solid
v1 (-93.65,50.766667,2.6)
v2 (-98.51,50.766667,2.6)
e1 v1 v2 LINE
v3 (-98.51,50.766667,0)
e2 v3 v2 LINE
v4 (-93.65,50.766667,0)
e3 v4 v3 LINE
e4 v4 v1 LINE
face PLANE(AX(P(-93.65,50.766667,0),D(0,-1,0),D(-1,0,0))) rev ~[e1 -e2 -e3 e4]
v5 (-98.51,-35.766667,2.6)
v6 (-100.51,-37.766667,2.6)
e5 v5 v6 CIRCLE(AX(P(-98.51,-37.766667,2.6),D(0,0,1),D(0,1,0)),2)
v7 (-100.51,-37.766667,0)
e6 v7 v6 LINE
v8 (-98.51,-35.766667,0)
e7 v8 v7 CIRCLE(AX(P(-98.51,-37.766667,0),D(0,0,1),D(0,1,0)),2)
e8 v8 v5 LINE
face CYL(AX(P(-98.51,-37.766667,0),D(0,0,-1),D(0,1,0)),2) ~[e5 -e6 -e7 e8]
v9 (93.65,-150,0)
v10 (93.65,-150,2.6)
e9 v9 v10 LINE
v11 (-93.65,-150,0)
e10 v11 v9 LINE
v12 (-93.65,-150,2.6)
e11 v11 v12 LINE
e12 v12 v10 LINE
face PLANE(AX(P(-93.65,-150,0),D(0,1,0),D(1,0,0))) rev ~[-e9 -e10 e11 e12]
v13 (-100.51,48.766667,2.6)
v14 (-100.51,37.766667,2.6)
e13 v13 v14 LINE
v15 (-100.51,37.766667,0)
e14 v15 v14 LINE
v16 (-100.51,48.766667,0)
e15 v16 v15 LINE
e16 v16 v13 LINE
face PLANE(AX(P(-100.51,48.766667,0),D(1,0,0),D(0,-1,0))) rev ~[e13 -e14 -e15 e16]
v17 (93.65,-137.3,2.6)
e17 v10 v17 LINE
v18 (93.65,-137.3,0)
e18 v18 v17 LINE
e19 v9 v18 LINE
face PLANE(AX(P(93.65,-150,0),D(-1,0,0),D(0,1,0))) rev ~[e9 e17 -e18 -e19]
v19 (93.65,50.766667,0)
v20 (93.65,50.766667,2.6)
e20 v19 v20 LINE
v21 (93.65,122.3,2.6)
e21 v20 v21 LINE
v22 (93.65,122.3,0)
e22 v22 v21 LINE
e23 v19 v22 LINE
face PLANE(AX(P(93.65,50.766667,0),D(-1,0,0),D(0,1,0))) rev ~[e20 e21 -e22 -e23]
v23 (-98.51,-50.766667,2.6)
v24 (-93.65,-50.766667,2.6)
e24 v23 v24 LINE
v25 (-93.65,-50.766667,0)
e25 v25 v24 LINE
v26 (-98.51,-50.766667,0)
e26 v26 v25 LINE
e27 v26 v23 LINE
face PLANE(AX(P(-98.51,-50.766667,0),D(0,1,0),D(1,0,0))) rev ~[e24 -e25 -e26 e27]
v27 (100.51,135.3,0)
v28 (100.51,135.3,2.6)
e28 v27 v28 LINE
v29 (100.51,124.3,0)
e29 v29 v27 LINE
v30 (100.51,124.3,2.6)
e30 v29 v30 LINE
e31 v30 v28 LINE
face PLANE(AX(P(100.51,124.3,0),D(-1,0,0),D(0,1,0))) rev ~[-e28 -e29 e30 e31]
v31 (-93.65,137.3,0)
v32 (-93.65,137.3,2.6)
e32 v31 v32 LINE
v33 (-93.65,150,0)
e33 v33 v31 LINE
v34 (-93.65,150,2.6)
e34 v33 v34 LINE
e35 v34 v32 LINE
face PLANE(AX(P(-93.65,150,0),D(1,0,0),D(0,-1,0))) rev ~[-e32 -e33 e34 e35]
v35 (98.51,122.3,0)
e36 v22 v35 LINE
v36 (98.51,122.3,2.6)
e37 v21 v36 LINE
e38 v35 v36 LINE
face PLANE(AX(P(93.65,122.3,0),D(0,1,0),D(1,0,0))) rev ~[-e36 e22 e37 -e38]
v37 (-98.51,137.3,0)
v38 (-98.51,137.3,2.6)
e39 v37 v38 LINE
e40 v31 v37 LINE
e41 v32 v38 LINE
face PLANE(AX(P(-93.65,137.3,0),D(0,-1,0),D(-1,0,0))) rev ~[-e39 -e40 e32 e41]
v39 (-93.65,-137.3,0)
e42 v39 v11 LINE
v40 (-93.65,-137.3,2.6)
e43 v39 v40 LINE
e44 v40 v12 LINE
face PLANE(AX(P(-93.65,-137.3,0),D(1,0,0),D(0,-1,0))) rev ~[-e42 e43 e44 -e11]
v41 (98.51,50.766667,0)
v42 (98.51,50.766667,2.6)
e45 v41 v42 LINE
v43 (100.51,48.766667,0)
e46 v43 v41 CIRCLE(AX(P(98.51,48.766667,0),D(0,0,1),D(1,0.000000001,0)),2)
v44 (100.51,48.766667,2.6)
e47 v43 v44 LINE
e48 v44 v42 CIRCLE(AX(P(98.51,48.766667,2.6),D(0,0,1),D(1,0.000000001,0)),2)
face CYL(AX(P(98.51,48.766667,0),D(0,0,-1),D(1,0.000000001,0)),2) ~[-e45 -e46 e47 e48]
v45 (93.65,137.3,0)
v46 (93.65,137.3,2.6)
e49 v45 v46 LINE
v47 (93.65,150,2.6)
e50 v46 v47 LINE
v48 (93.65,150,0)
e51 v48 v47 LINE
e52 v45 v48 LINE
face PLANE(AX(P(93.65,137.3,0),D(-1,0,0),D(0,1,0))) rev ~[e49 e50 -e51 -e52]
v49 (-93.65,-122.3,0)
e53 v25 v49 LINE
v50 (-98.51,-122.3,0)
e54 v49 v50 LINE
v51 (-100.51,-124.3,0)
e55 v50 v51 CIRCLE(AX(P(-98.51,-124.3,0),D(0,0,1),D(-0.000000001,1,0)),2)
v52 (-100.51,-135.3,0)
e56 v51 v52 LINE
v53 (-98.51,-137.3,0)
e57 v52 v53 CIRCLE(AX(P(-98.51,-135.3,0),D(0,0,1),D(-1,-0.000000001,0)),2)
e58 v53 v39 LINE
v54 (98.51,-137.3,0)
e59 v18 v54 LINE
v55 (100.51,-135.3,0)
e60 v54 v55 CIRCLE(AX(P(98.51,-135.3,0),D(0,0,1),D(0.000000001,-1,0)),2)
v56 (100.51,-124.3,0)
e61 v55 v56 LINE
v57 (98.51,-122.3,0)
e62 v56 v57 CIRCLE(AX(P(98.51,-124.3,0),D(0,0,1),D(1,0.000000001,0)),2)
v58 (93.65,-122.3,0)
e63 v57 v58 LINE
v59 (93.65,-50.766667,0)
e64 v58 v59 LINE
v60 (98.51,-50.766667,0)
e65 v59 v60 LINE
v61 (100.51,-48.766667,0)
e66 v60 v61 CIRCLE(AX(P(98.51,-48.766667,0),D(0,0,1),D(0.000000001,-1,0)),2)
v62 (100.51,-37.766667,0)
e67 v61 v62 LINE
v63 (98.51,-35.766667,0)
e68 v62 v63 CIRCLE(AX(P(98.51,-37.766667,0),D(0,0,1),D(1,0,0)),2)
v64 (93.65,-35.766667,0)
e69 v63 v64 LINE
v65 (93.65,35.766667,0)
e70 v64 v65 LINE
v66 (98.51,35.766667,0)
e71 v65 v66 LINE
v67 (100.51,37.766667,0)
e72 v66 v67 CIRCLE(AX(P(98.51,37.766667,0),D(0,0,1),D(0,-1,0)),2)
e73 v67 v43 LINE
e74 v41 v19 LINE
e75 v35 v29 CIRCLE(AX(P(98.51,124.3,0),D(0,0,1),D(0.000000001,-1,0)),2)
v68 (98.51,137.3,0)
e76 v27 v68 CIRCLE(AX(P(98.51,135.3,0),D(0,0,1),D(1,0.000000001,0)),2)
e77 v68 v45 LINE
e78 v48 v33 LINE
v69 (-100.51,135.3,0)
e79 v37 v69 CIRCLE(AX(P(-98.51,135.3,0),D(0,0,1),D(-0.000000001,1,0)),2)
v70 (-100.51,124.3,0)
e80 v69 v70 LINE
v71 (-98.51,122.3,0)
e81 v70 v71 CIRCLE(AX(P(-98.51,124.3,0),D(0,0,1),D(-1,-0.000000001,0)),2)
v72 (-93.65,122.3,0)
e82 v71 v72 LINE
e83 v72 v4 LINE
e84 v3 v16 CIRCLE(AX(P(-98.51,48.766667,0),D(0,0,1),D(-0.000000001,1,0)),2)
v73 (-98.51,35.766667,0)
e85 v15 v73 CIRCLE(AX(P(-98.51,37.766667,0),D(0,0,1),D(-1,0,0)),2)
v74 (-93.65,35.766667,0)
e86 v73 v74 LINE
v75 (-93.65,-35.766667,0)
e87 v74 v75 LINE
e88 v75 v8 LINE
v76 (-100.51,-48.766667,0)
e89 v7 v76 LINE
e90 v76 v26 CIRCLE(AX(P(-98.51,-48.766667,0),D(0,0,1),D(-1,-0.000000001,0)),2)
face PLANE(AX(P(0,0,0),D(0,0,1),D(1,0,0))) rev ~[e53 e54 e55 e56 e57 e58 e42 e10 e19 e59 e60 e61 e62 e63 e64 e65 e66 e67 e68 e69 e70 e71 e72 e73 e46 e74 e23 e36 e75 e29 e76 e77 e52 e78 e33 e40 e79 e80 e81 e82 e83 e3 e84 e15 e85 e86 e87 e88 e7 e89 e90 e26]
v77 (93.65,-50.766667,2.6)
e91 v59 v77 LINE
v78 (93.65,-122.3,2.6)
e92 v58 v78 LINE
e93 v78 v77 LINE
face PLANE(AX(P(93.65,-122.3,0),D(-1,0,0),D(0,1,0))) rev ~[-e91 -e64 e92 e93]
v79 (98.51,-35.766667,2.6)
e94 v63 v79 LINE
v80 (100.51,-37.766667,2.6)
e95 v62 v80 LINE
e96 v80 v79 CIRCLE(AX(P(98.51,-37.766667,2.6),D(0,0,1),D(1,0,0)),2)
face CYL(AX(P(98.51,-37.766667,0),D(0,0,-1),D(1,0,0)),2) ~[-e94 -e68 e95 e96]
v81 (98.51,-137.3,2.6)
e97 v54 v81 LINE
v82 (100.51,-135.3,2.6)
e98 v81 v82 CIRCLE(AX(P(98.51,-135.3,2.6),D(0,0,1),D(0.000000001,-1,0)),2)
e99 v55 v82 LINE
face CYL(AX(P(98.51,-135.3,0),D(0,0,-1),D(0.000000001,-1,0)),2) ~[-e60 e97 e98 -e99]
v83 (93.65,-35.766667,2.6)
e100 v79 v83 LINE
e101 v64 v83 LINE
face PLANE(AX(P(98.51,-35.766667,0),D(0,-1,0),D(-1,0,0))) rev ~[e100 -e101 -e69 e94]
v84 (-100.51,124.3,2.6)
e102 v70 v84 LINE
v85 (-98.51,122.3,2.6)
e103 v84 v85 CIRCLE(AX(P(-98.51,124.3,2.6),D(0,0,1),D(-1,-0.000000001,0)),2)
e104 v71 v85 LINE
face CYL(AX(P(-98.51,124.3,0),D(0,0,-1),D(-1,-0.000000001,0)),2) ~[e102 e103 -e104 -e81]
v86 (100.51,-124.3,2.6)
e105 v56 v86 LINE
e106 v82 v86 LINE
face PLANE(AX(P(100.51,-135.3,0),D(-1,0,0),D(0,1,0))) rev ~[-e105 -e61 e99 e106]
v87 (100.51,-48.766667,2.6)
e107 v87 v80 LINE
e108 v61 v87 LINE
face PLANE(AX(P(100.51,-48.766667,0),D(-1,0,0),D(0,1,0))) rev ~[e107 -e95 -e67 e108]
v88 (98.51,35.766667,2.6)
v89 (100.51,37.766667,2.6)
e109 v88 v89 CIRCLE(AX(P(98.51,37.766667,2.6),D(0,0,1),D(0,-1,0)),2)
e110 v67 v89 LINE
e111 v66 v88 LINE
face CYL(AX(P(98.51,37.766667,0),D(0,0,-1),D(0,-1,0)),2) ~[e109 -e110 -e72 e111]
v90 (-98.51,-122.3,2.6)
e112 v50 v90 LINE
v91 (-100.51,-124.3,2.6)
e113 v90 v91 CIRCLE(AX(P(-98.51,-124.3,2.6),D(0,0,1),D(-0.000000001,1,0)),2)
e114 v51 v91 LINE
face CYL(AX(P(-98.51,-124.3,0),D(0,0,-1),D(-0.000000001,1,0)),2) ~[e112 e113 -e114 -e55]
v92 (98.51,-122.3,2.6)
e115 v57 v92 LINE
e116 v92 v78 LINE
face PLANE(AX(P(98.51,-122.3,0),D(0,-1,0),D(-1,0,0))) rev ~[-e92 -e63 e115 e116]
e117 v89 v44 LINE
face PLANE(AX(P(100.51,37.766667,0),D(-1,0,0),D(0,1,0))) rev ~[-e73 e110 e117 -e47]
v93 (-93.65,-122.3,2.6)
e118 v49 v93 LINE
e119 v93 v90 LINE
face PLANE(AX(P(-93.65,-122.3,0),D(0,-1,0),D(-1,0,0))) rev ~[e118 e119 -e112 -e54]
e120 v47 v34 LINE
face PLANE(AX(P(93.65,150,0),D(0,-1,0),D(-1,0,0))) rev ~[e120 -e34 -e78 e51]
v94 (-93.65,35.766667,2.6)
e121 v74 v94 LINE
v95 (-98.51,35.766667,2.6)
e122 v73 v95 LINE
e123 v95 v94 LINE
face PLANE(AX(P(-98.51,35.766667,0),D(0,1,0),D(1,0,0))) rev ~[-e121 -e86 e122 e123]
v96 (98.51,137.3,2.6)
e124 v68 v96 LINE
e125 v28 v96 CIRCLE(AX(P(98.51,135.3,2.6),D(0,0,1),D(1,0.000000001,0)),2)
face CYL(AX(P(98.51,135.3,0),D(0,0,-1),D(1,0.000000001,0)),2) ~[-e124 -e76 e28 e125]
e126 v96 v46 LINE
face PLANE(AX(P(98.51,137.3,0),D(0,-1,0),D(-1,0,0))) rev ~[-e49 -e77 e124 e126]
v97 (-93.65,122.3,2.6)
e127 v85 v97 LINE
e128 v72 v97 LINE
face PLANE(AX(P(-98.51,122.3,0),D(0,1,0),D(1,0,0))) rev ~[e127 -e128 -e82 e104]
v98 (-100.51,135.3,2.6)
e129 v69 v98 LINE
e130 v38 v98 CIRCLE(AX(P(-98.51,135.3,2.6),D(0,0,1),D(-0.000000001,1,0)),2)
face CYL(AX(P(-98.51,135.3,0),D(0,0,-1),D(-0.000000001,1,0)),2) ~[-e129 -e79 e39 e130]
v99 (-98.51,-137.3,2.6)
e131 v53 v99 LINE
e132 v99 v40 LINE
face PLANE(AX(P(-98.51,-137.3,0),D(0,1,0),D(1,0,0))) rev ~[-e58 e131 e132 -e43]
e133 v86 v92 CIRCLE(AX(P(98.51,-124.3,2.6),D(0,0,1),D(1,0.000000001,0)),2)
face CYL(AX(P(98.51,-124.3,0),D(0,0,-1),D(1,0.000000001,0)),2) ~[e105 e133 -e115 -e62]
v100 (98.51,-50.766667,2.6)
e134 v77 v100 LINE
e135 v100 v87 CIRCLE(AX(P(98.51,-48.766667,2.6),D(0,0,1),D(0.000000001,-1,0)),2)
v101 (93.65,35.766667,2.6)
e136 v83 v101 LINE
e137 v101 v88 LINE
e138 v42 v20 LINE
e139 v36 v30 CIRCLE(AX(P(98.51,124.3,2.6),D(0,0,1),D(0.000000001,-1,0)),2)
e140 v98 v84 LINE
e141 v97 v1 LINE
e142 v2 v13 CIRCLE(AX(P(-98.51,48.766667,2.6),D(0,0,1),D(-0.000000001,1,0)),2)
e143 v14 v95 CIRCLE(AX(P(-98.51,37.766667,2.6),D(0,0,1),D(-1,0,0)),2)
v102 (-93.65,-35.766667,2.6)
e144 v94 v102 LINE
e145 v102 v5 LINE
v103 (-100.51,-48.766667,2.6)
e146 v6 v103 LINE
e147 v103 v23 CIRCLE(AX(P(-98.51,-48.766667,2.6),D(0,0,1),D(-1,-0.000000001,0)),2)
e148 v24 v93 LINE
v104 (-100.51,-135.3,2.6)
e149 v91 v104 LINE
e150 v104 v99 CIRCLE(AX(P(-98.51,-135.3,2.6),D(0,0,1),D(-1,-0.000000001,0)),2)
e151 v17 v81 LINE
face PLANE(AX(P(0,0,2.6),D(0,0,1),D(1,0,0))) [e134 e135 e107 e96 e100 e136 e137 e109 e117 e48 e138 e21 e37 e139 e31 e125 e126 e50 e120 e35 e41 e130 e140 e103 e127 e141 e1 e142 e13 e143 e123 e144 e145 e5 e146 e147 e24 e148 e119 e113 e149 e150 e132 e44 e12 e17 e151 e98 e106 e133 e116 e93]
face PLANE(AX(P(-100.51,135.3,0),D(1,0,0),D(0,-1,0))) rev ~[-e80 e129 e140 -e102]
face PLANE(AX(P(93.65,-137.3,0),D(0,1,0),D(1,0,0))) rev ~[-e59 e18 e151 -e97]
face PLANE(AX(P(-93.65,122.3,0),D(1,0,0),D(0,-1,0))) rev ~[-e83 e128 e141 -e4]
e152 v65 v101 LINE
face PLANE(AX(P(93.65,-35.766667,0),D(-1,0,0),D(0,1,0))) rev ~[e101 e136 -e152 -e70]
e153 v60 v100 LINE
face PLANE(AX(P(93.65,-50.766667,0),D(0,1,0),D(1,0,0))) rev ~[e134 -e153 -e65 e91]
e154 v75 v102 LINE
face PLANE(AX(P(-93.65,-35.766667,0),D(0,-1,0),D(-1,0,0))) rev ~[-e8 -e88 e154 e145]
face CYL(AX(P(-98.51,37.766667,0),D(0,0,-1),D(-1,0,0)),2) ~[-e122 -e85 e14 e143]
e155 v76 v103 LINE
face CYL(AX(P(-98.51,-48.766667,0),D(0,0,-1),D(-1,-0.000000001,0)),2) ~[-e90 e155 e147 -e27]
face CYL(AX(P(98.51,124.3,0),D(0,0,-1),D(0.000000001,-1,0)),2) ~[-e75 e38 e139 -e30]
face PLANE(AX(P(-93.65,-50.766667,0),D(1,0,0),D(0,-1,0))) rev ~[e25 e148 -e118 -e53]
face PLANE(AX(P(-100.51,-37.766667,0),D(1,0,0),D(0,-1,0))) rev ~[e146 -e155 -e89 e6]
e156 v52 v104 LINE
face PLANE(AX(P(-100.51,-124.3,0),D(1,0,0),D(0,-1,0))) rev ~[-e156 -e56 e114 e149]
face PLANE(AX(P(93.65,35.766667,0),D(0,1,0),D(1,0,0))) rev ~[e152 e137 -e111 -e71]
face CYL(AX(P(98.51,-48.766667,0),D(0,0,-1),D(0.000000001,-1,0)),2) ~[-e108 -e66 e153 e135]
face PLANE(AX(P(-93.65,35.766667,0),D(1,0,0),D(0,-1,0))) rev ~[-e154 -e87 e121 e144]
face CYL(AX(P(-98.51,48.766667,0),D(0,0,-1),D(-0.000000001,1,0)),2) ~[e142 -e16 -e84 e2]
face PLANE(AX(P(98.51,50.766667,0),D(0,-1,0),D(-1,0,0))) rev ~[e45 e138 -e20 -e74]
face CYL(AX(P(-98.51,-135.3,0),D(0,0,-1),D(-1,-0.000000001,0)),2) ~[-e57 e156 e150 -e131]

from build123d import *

# Parameters (mm, degrees)
BOSS_EXTRUDE1_DEPTH = 2.6


with BuildPart() as part:
    # Model → Boss-Extrude1 (new body)
    with BuildSketch(Plane.XY):
        with BuildLine():
            Line((93.65, 50.766666667), (93.65, 122.3))
            Line((93.65, 122.3), (98.51, 122.3))
            ThreePointArc((98.51, 122.3), (99.924213562, 122.885786438), (100.51, 124.3))
            Line((100.51, 124.3), (100.51, 135.3))
            ThreePointArc((100.51, 135.3), (99.924213562, 136.714213562), (98.51, 137.3))
            Line((98.51, 137.3), (93.65, 137.3))
            Line((93.65, 137.3), (93.65, 150))
            Line((93.65, 150), (-93.65, 150))
            Line((-93.65, 150), (-93.65, 137.3))
            Line((-93.65, 137.3), (-98.51, 137.3))
            ThreePointArc((-98.51, 137.3), (-99.924213562, 136.714213562), (-100.51, 135.3))
            Line((-100.51, 135.3), (-100.51, 124.3))
            ThreePointArc((-100.51, 124.3), (-99.924213562, 122.885786438), (-98.51, 122.3))
            Line((-98.51, 122.3), (-93.65, 122.3))
            Line((-93.65, 122.3), (-93.65, 50.766666667))
            Line((-93.65, 50.766666667), (-98.51, 50.766666667))
            ThreePointArc((-98.51, 50.766666667), (-99.924213562, 50.180880229), (-100.51, 48.766666667))
            Line((-100.51, 48.766666667), (-100.51, 37.766666667))
            ThreePointArc((-100.51, 37.766666667), (-99.924213562, 36.352453104), (-98.51, 35.766666667))
            Line((-98.51, 35.766666667), (-93.65, 35.766666667))
            Line((-93.65, 35.766666667), (-93.65, -35.766666667))
            Line((-93.65, -35.766666667), (-98.51, -35.766666667))
            ThreePointArc((-98.51, -35.766666667), (-99.924213562, -36.352453104), (-100.51, -37.766666667))
            Line((-100.51, -37.766666667), (-100.51, -48.766666667))
            ThreePointArc((-100.51, -48.766666667), (-99.924213562, -50.180880229), (-98.51, -50.766666667))
            Line((-98.51, -50.766666667), (-93.65, -50.766666667))
            Line((-93.65, -50.766666667), (-93.65, -122.3))
            Line((-93.65, -122.3), (-98.51, -122.3))
            ThreePointArc((-98.51, -122.3), (-99.924213562, -122.885786438), (-100.51, -124.3))
            Line((-100.51, -124.3), (-100.51, -135.3))
            ThreePointArc((-100.51, -135.3), (-99.924213562, -136.714213562), (-98.51, -137.3))
            Line((-98.51, -137.3), (-93.65, -137.3))
            Line((-93.65, -137.3), (-93.65, -150))
            Line((-93.65, -150), (93.65, -150))
            Line((93.65, -150), (93.65, -137.3))
            Line((93.65, -137.3), (98.51, -137.3))
            ThreePointArc((98.51, -137.3), (99.924213562, -136.714213562), (100.51, -135.3))
            Line((100.51, -135.3), (100.51, -124.3))
            ThreePointArc((100.51, -124.3), (99.924213562, -122.885786438), (98.51, -122.3))
            Line((98.51, -122.3), (93.65, -122.3))
            Line((93.65, -122.3), (93.65, -50.766666667))
            Line((93.65, -50.766666667), (98.51, -50.766666667))
            ThreePointArc((98.51, -50.766666667), (99.924213562, -50.180880229), (100.51, -48.766666667))
            Line((100.51, -48.766666667), (100.51, -37.766666667))
            ThreePointArc((100.51, -37.766666667), (99.924213562, -36.352453104), (98.51, -35.766666667))
            Line((98.51, -35.766666667), (93.65, -35.766666667))
            Line((93.65, -35.766666667), (93.65, 35.766666667))
            Line((93.65, 35.766666667), (98.51, 35.766666667))
            ThreePointArc((98.51, 35.766666667), (99.924213562, 36.352453104), (100.51, 37.766666667))
            Line((100.51, 37.766666667), (100.51, 48.766666667))
            ThreePointArc((100.51, 48.766666667), (99.924213562, 50.180880229), (98.51, 50.766666667))
            Line((98.51, 50.766666667), (93.65, 50.766666667))
        make_face()
    extrude(amount=BOSS_EXTRUDE1_DEPTH)


solid = part.part
